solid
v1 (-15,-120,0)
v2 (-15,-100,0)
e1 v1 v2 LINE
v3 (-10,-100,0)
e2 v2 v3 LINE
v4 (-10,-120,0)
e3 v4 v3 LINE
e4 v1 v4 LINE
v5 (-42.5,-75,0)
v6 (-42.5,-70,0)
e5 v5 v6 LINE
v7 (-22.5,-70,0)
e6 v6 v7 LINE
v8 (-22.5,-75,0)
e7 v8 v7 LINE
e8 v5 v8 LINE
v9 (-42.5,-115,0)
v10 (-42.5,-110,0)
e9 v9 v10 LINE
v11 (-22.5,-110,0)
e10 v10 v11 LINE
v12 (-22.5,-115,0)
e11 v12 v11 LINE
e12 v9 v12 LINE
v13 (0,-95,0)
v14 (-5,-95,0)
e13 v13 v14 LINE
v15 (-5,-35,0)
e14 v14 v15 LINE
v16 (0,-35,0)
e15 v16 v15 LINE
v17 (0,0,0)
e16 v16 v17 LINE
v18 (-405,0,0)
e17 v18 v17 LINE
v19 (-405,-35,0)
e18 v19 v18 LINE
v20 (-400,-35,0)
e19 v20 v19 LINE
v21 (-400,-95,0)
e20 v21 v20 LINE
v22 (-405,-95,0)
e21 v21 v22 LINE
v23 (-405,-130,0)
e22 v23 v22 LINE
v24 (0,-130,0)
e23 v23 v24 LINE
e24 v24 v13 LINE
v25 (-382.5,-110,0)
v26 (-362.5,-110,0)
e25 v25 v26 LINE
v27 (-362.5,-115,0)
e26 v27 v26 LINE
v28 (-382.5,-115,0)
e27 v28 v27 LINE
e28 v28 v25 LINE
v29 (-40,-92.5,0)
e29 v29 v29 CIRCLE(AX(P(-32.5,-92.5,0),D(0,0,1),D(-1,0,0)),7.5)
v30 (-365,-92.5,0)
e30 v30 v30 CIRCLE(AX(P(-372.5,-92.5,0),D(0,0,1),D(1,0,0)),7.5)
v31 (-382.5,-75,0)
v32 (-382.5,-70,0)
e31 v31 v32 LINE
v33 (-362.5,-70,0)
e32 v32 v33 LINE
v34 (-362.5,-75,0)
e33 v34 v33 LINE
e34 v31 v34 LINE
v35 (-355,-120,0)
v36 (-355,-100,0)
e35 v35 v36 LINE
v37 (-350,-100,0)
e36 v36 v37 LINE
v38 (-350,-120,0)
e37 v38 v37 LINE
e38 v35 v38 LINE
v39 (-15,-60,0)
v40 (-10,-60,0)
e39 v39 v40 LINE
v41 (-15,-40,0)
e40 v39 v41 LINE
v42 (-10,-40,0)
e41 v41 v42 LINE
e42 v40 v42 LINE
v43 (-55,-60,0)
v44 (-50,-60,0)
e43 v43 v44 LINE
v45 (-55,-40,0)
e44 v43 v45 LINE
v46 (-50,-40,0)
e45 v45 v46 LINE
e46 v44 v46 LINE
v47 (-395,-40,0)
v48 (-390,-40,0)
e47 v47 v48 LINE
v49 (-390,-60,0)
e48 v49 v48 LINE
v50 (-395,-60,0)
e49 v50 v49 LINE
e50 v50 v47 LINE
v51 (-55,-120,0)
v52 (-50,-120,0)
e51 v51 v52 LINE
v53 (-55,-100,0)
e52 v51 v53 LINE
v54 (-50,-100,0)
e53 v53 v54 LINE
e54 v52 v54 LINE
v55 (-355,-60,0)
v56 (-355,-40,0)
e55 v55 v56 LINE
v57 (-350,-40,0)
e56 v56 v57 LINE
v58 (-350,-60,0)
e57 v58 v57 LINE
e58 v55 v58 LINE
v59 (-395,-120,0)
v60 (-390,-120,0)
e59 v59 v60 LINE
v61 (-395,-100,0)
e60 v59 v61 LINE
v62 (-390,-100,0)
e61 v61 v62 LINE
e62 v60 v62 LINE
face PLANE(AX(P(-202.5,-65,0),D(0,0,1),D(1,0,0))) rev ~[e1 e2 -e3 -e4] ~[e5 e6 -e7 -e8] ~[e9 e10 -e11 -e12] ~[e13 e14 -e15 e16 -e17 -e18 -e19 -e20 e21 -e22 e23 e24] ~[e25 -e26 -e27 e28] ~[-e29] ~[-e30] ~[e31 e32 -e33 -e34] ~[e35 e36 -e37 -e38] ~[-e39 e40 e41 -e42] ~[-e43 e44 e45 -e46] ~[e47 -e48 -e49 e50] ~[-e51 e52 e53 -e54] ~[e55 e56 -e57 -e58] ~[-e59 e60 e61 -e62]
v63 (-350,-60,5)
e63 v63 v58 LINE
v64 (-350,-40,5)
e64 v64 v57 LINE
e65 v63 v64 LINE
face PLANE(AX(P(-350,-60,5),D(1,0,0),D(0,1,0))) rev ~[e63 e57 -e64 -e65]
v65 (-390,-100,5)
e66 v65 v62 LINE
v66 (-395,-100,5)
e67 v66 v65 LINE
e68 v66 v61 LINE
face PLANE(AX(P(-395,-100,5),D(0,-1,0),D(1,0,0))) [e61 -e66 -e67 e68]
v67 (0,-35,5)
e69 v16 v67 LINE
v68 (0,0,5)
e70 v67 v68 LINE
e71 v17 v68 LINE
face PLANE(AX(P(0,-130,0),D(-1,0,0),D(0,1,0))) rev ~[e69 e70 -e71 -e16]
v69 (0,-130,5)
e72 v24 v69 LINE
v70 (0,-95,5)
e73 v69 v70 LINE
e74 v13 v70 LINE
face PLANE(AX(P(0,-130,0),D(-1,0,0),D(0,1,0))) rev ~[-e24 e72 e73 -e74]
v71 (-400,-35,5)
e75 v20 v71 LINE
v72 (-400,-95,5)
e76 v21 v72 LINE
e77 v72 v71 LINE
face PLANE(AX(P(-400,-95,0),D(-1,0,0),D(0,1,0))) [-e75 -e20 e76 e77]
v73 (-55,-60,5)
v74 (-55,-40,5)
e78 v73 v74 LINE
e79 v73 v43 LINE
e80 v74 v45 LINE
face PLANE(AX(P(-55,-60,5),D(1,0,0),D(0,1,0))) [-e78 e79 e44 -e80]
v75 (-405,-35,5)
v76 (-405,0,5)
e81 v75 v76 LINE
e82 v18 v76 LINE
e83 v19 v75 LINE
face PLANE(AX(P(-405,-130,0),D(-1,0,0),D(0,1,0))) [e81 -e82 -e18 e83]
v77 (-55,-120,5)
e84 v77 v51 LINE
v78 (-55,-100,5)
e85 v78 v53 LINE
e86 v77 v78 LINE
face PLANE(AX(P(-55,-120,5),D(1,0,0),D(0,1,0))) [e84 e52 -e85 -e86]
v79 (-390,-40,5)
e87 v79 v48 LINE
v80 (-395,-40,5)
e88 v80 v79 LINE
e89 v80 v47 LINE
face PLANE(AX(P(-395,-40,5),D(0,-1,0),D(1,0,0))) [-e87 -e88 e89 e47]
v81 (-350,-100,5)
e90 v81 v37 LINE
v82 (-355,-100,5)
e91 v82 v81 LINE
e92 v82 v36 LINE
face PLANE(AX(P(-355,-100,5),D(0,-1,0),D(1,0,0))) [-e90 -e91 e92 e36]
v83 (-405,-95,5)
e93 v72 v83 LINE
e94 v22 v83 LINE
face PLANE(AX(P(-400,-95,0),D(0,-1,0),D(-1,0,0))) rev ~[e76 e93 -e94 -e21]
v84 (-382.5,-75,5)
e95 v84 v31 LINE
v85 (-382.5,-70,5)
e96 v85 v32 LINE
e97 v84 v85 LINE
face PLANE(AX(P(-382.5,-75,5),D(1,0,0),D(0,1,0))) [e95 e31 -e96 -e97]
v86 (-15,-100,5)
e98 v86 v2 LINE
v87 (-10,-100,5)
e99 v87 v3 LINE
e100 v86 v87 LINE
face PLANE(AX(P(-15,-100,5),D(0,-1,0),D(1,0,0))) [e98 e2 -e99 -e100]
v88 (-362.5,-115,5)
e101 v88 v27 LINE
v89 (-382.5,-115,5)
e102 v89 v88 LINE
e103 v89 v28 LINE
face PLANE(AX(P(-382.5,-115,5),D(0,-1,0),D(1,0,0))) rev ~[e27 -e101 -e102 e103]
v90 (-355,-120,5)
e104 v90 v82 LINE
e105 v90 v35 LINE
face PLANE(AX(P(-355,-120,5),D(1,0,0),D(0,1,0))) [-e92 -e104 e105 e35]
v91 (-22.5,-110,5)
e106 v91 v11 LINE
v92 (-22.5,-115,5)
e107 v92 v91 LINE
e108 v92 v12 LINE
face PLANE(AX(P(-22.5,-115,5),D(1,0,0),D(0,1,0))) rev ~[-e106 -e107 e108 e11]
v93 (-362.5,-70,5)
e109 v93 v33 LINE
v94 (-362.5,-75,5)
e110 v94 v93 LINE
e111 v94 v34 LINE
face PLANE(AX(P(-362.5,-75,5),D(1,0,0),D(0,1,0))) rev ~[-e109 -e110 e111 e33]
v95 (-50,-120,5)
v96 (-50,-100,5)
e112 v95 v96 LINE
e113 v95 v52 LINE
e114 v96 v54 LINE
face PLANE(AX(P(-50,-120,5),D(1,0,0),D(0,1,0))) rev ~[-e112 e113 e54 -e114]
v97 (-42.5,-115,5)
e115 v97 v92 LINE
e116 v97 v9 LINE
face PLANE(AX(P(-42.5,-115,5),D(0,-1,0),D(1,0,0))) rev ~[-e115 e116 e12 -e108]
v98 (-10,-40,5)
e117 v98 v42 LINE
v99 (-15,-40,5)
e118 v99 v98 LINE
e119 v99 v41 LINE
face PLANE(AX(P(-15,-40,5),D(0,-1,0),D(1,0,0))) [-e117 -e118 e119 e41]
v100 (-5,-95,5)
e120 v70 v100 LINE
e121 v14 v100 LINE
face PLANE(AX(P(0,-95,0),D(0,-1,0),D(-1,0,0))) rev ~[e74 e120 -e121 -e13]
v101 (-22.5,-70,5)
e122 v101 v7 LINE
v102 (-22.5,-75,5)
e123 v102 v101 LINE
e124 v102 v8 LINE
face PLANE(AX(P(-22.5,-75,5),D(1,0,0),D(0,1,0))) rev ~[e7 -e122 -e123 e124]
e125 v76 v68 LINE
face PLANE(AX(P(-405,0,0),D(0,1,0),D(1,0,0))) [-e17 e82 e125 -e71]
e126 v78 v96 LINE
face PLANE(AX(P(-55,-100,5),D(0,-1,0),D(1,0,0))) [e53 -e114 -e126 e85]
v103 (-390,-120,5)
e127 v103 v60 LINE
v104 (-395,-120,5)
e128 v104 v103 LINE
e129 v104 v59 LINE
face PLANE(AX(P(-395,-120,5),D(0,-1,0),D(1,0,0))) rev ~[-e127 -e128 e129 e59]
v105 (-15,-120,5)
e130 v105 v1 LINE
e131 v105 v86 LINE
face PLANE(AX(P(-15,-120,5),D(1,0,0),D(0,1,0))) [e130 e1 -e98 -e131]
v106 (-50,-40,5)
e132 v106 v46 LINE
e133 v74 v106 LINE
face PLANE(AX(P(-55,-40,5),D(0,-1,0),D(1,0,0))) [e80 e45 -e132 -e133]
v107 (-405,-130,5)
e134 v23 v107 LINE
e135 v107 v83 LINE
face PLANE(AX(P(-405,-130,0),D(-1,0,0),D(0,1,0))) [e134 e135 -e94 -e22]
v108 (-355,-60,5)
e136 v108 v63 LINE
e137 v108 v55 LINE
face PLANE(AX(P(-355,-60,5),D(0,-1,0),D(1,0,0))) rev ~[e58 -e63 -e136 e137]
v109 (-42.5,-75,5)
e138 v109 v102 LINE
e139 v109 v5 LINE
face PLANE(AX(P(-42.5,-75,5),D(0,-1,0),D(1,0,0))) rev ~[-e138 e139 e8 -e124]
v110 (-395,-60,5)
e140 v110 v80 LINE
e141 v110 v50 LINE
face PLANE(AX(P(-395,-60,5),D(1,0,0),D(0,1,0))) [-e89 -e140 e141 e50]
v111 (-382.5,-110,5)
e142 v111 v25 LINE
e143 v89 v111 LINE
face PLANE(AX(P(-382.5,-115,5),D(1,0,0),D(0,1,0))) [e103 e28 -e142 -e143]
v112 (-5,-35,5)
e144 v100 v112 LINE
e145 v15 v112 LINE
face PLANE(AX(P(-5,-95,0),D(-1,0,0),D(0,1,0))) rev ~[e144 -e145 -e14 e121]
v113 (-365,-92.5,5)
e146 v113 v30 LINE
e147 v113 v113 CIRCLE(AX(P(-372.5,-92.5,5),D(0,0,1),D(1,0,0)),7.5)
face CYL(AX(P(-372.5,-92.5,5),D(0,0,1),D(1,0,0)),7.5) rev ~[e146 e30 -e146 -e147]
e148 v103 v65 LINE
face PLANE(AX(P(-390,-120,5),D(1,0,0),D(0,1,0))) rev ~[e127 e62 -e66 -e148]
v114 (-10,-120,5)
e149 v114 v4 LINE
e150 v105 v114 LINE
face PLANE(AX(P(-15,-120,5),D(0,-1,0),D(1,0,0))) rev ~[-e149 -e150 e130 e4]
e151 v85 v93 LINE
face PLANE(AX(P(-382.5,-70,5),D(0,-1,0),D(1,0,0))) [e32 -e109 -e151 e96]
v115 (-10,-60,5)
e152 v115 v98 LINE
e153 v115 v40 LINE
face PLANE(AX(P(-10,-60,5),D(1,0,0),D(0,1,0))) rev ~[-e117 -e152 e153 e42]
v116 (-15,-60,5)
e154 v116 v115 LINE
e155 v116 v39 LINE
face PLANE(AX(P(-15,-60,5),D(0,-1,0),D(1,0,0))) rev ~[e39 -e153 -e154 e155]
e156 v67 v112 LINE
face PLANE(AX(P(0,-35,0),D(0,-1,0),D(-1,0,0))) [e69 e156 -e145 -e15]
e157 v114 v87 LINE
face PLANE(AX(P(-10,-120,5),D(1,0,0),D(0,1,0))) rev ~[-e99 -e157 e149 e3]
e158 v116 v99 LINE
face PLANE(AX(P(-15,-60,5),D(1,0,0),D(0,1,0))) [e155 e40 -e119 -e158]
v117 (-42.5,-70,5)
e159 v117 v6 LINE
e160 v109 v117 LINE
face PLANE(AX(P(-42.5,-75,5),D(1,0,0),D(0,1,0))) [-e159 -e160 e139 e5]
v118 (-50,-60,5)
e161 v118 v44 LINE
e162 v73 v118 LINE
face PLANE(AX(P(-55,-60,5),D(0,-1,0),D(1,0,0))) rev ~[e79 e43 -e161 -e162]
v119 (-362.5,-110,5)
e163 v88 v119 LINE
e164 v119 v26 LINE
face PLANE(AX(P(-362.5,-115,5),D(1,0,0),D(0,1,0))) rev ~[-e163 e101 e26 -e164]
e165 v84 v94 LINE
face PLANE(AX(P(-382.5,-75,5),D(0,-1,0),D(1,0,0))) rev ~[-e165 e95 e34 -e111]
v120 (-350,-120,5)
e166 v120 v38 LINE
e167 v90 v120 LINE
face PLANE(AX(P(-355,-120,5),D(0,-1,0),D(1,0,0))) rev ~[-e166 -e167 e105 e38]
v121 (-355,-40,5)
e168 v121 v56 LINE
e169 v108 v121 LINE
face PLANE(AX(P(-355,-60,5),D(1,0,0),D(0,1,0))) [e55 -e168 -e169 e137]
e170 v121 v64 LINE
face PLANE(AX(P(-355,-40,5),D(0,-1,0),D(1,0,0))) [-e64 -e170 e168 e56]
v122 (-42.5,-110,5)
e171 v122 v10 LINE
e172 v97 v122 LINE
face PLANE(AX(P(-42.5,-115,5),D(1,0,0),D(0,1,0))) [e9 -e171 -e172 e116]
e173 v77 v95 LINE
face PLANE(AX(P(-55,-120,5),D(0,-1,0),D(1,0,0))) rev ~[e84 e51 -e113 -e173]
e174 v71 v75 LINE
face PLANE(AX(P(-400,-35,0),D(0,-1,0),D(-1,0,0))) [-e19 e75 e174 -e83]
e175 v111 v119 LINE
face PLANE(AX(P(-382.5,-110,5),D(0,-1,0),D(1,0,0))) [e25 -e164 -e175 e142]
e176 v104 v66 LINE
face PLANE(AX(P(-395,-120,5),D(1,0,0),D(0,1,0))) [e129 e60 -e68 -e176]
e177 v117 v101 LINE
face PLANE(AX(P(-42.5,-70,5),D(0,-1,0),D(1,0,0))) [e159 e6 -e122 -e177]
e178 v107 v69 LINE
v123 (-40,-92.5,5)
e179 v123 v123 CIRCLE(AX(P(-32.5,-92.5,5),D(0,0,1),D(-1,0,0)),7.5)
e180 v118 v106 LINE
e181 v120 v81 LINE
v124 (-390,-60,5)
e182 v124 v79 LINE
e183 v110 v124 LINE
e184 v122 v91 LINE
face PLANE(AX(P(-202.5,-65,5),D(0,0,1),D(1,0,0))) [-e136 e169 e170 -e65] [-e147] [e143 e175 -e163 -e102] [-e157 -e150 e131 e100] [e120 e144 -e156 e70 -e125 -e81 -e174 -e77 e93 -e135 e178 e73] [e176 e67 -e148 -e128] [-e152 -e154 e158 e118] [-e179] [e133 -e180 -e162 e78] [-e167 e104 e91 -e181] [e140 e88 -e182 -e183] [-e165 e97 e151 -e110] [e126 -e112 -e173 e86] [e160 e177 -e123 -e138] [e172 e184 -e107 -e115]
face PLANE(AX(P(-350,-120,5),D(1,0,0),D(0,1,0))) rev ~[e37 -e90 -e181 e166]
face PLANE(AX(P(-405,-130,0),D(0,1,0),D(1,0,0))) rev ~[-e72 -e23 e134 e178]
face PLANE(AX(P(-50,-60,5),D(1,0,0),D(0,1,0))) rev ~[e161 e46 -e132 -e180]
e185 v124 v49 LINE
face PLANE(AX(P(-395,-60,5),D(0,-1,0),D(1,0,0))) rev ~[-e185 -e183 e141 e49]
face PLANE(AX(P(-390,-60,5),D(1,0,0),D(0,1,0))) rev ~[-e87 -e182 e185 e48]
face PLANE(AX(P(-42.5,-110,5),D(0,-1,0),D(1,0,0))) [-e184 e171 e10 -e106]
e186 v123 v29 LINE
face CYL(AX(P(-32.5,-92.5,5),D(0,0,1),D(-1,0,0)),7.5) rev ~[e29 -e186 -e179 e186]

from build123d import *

# Parameters (mm, degrees)
SKETCH1_W           = 405
SKETCH1_H           = 130
BOSS_EXTRUDE1_DEPTH = 5
SKETCH2_W           = 5
SKETCH2_H           = 60
CUT_EXTRUDE1_DEPTH  = 5
SKETCH3_W           = 5
SKETCH3_H           = 20
CUT_EXTRUDE2_DEPTH  = 10
SKETCH4_W           = 20
SKETCH4_H           = 5
CUT_EXTRUDE3_DEPTH  = 10
SKETCH5_R           = 7.5
CUT_EXTRUDE4_DEPTH  = 10


with BuildPart() as part:
    # Sketch1 → Boss-Extrude1 (new body)
    with BuildSketch(Plane.XY):
        with Locations((-202.5, -65)):
            Rectangle(SKETCH1_W, SKETCH1_H)
    extrude(amount=BOSS_EXTRUDE1_DEPTH)

    # Sketch2 → Cut-Extrude1 (cut)
    with BuildSketch(Plane(origin=(0, 0, 0), x_dir=(-1, 0, 0), z_dir=(0, 0, -1))):
        with Locations((402.5, -65)):
            Rectangle(SKETCH2_W, SKETCH2_H)
        with Locations((2.5, -65)):
            Rectangle(SKETCH2_W, SKETCH2_H)
    extrude(amount=-CUT_EXTRUDE1_DEPTH, mode=Mode.SUBTRACT)

    # Sketch3 → Cut-Extrude2 (cut)
    with BuildSketch(Plane.XY.offset(5)):
        with Locations((-392.5, -110)):
            Rectangle(SKETCH3_W, SKETCH3_H)
        with Locations((-392.5, -50)):
            Rectangle(SKETCH3_W, SKETCH3_H)
        with Locations((-352.5, -50)):
            Rectangle(SKETCH3_W, SKETCH3_H)
        with Locations((-352.5, -110)):
            Rectangle(SKETCH3_W, SKETCH3_H)
        with Locations((-52.5, -110)):
            Rectangle(SKETCH3_W, SKETCH3_H)
        with Locations((-52.5, -50)):
            Rectangle(SKETCH3_W, SKETCH3_H)
        with Locations((-12.5, -50)):
            Rectangle(SKETCH3_W, SKETCH3_H)
        with Locations((-12.5, -110)):
            Rectangle(SKETCH3_W, SKETCH3_H)
    extrude(amount=-CUT_EXTRUDE2_DEPTH, mode=Mode.SUBTRACT)

    # Sketch4 → Cut-Extrude3 (cut)
    with BuildSketch(Plane.XY.offset(5)):
        with Locations((-372.5, -112.5)):
            Rectangle(SKETCH4_W, SKETCH4_H)
        with Locations((-372.5, -72.5)):
            Rectangle(SKETCH4_W, SKETCH4_H)
        with Locations((-32.5, -112.5)):
            Rectangle(SKETCH4_W, SKETCH4_H)
        with Locations((-32.5, -72.5)):
            Rectangle(SKETCH4_W, SKETCH4_H)
    extrude(amount=-CUT_EXTRUDE3_DEPTH, mode=Mode.SUBTRACT)

    # Sketch5 → Cut-Extrude4 (cut)
    with BuildSketch(Plane.XY.offset(5)):
        with Locations((-372.5, -92.5)):
            Circle(SKETCH5_R)
        with Locations(Location((-32.5, -92.5, 0), (0, 0, 180))):
            Circle(SKETCH5_R)
    extrude(amount=-CUT_EXTRUDE4_DEPTH, mode=Mode.SUBTRACT)


solid = part.part
